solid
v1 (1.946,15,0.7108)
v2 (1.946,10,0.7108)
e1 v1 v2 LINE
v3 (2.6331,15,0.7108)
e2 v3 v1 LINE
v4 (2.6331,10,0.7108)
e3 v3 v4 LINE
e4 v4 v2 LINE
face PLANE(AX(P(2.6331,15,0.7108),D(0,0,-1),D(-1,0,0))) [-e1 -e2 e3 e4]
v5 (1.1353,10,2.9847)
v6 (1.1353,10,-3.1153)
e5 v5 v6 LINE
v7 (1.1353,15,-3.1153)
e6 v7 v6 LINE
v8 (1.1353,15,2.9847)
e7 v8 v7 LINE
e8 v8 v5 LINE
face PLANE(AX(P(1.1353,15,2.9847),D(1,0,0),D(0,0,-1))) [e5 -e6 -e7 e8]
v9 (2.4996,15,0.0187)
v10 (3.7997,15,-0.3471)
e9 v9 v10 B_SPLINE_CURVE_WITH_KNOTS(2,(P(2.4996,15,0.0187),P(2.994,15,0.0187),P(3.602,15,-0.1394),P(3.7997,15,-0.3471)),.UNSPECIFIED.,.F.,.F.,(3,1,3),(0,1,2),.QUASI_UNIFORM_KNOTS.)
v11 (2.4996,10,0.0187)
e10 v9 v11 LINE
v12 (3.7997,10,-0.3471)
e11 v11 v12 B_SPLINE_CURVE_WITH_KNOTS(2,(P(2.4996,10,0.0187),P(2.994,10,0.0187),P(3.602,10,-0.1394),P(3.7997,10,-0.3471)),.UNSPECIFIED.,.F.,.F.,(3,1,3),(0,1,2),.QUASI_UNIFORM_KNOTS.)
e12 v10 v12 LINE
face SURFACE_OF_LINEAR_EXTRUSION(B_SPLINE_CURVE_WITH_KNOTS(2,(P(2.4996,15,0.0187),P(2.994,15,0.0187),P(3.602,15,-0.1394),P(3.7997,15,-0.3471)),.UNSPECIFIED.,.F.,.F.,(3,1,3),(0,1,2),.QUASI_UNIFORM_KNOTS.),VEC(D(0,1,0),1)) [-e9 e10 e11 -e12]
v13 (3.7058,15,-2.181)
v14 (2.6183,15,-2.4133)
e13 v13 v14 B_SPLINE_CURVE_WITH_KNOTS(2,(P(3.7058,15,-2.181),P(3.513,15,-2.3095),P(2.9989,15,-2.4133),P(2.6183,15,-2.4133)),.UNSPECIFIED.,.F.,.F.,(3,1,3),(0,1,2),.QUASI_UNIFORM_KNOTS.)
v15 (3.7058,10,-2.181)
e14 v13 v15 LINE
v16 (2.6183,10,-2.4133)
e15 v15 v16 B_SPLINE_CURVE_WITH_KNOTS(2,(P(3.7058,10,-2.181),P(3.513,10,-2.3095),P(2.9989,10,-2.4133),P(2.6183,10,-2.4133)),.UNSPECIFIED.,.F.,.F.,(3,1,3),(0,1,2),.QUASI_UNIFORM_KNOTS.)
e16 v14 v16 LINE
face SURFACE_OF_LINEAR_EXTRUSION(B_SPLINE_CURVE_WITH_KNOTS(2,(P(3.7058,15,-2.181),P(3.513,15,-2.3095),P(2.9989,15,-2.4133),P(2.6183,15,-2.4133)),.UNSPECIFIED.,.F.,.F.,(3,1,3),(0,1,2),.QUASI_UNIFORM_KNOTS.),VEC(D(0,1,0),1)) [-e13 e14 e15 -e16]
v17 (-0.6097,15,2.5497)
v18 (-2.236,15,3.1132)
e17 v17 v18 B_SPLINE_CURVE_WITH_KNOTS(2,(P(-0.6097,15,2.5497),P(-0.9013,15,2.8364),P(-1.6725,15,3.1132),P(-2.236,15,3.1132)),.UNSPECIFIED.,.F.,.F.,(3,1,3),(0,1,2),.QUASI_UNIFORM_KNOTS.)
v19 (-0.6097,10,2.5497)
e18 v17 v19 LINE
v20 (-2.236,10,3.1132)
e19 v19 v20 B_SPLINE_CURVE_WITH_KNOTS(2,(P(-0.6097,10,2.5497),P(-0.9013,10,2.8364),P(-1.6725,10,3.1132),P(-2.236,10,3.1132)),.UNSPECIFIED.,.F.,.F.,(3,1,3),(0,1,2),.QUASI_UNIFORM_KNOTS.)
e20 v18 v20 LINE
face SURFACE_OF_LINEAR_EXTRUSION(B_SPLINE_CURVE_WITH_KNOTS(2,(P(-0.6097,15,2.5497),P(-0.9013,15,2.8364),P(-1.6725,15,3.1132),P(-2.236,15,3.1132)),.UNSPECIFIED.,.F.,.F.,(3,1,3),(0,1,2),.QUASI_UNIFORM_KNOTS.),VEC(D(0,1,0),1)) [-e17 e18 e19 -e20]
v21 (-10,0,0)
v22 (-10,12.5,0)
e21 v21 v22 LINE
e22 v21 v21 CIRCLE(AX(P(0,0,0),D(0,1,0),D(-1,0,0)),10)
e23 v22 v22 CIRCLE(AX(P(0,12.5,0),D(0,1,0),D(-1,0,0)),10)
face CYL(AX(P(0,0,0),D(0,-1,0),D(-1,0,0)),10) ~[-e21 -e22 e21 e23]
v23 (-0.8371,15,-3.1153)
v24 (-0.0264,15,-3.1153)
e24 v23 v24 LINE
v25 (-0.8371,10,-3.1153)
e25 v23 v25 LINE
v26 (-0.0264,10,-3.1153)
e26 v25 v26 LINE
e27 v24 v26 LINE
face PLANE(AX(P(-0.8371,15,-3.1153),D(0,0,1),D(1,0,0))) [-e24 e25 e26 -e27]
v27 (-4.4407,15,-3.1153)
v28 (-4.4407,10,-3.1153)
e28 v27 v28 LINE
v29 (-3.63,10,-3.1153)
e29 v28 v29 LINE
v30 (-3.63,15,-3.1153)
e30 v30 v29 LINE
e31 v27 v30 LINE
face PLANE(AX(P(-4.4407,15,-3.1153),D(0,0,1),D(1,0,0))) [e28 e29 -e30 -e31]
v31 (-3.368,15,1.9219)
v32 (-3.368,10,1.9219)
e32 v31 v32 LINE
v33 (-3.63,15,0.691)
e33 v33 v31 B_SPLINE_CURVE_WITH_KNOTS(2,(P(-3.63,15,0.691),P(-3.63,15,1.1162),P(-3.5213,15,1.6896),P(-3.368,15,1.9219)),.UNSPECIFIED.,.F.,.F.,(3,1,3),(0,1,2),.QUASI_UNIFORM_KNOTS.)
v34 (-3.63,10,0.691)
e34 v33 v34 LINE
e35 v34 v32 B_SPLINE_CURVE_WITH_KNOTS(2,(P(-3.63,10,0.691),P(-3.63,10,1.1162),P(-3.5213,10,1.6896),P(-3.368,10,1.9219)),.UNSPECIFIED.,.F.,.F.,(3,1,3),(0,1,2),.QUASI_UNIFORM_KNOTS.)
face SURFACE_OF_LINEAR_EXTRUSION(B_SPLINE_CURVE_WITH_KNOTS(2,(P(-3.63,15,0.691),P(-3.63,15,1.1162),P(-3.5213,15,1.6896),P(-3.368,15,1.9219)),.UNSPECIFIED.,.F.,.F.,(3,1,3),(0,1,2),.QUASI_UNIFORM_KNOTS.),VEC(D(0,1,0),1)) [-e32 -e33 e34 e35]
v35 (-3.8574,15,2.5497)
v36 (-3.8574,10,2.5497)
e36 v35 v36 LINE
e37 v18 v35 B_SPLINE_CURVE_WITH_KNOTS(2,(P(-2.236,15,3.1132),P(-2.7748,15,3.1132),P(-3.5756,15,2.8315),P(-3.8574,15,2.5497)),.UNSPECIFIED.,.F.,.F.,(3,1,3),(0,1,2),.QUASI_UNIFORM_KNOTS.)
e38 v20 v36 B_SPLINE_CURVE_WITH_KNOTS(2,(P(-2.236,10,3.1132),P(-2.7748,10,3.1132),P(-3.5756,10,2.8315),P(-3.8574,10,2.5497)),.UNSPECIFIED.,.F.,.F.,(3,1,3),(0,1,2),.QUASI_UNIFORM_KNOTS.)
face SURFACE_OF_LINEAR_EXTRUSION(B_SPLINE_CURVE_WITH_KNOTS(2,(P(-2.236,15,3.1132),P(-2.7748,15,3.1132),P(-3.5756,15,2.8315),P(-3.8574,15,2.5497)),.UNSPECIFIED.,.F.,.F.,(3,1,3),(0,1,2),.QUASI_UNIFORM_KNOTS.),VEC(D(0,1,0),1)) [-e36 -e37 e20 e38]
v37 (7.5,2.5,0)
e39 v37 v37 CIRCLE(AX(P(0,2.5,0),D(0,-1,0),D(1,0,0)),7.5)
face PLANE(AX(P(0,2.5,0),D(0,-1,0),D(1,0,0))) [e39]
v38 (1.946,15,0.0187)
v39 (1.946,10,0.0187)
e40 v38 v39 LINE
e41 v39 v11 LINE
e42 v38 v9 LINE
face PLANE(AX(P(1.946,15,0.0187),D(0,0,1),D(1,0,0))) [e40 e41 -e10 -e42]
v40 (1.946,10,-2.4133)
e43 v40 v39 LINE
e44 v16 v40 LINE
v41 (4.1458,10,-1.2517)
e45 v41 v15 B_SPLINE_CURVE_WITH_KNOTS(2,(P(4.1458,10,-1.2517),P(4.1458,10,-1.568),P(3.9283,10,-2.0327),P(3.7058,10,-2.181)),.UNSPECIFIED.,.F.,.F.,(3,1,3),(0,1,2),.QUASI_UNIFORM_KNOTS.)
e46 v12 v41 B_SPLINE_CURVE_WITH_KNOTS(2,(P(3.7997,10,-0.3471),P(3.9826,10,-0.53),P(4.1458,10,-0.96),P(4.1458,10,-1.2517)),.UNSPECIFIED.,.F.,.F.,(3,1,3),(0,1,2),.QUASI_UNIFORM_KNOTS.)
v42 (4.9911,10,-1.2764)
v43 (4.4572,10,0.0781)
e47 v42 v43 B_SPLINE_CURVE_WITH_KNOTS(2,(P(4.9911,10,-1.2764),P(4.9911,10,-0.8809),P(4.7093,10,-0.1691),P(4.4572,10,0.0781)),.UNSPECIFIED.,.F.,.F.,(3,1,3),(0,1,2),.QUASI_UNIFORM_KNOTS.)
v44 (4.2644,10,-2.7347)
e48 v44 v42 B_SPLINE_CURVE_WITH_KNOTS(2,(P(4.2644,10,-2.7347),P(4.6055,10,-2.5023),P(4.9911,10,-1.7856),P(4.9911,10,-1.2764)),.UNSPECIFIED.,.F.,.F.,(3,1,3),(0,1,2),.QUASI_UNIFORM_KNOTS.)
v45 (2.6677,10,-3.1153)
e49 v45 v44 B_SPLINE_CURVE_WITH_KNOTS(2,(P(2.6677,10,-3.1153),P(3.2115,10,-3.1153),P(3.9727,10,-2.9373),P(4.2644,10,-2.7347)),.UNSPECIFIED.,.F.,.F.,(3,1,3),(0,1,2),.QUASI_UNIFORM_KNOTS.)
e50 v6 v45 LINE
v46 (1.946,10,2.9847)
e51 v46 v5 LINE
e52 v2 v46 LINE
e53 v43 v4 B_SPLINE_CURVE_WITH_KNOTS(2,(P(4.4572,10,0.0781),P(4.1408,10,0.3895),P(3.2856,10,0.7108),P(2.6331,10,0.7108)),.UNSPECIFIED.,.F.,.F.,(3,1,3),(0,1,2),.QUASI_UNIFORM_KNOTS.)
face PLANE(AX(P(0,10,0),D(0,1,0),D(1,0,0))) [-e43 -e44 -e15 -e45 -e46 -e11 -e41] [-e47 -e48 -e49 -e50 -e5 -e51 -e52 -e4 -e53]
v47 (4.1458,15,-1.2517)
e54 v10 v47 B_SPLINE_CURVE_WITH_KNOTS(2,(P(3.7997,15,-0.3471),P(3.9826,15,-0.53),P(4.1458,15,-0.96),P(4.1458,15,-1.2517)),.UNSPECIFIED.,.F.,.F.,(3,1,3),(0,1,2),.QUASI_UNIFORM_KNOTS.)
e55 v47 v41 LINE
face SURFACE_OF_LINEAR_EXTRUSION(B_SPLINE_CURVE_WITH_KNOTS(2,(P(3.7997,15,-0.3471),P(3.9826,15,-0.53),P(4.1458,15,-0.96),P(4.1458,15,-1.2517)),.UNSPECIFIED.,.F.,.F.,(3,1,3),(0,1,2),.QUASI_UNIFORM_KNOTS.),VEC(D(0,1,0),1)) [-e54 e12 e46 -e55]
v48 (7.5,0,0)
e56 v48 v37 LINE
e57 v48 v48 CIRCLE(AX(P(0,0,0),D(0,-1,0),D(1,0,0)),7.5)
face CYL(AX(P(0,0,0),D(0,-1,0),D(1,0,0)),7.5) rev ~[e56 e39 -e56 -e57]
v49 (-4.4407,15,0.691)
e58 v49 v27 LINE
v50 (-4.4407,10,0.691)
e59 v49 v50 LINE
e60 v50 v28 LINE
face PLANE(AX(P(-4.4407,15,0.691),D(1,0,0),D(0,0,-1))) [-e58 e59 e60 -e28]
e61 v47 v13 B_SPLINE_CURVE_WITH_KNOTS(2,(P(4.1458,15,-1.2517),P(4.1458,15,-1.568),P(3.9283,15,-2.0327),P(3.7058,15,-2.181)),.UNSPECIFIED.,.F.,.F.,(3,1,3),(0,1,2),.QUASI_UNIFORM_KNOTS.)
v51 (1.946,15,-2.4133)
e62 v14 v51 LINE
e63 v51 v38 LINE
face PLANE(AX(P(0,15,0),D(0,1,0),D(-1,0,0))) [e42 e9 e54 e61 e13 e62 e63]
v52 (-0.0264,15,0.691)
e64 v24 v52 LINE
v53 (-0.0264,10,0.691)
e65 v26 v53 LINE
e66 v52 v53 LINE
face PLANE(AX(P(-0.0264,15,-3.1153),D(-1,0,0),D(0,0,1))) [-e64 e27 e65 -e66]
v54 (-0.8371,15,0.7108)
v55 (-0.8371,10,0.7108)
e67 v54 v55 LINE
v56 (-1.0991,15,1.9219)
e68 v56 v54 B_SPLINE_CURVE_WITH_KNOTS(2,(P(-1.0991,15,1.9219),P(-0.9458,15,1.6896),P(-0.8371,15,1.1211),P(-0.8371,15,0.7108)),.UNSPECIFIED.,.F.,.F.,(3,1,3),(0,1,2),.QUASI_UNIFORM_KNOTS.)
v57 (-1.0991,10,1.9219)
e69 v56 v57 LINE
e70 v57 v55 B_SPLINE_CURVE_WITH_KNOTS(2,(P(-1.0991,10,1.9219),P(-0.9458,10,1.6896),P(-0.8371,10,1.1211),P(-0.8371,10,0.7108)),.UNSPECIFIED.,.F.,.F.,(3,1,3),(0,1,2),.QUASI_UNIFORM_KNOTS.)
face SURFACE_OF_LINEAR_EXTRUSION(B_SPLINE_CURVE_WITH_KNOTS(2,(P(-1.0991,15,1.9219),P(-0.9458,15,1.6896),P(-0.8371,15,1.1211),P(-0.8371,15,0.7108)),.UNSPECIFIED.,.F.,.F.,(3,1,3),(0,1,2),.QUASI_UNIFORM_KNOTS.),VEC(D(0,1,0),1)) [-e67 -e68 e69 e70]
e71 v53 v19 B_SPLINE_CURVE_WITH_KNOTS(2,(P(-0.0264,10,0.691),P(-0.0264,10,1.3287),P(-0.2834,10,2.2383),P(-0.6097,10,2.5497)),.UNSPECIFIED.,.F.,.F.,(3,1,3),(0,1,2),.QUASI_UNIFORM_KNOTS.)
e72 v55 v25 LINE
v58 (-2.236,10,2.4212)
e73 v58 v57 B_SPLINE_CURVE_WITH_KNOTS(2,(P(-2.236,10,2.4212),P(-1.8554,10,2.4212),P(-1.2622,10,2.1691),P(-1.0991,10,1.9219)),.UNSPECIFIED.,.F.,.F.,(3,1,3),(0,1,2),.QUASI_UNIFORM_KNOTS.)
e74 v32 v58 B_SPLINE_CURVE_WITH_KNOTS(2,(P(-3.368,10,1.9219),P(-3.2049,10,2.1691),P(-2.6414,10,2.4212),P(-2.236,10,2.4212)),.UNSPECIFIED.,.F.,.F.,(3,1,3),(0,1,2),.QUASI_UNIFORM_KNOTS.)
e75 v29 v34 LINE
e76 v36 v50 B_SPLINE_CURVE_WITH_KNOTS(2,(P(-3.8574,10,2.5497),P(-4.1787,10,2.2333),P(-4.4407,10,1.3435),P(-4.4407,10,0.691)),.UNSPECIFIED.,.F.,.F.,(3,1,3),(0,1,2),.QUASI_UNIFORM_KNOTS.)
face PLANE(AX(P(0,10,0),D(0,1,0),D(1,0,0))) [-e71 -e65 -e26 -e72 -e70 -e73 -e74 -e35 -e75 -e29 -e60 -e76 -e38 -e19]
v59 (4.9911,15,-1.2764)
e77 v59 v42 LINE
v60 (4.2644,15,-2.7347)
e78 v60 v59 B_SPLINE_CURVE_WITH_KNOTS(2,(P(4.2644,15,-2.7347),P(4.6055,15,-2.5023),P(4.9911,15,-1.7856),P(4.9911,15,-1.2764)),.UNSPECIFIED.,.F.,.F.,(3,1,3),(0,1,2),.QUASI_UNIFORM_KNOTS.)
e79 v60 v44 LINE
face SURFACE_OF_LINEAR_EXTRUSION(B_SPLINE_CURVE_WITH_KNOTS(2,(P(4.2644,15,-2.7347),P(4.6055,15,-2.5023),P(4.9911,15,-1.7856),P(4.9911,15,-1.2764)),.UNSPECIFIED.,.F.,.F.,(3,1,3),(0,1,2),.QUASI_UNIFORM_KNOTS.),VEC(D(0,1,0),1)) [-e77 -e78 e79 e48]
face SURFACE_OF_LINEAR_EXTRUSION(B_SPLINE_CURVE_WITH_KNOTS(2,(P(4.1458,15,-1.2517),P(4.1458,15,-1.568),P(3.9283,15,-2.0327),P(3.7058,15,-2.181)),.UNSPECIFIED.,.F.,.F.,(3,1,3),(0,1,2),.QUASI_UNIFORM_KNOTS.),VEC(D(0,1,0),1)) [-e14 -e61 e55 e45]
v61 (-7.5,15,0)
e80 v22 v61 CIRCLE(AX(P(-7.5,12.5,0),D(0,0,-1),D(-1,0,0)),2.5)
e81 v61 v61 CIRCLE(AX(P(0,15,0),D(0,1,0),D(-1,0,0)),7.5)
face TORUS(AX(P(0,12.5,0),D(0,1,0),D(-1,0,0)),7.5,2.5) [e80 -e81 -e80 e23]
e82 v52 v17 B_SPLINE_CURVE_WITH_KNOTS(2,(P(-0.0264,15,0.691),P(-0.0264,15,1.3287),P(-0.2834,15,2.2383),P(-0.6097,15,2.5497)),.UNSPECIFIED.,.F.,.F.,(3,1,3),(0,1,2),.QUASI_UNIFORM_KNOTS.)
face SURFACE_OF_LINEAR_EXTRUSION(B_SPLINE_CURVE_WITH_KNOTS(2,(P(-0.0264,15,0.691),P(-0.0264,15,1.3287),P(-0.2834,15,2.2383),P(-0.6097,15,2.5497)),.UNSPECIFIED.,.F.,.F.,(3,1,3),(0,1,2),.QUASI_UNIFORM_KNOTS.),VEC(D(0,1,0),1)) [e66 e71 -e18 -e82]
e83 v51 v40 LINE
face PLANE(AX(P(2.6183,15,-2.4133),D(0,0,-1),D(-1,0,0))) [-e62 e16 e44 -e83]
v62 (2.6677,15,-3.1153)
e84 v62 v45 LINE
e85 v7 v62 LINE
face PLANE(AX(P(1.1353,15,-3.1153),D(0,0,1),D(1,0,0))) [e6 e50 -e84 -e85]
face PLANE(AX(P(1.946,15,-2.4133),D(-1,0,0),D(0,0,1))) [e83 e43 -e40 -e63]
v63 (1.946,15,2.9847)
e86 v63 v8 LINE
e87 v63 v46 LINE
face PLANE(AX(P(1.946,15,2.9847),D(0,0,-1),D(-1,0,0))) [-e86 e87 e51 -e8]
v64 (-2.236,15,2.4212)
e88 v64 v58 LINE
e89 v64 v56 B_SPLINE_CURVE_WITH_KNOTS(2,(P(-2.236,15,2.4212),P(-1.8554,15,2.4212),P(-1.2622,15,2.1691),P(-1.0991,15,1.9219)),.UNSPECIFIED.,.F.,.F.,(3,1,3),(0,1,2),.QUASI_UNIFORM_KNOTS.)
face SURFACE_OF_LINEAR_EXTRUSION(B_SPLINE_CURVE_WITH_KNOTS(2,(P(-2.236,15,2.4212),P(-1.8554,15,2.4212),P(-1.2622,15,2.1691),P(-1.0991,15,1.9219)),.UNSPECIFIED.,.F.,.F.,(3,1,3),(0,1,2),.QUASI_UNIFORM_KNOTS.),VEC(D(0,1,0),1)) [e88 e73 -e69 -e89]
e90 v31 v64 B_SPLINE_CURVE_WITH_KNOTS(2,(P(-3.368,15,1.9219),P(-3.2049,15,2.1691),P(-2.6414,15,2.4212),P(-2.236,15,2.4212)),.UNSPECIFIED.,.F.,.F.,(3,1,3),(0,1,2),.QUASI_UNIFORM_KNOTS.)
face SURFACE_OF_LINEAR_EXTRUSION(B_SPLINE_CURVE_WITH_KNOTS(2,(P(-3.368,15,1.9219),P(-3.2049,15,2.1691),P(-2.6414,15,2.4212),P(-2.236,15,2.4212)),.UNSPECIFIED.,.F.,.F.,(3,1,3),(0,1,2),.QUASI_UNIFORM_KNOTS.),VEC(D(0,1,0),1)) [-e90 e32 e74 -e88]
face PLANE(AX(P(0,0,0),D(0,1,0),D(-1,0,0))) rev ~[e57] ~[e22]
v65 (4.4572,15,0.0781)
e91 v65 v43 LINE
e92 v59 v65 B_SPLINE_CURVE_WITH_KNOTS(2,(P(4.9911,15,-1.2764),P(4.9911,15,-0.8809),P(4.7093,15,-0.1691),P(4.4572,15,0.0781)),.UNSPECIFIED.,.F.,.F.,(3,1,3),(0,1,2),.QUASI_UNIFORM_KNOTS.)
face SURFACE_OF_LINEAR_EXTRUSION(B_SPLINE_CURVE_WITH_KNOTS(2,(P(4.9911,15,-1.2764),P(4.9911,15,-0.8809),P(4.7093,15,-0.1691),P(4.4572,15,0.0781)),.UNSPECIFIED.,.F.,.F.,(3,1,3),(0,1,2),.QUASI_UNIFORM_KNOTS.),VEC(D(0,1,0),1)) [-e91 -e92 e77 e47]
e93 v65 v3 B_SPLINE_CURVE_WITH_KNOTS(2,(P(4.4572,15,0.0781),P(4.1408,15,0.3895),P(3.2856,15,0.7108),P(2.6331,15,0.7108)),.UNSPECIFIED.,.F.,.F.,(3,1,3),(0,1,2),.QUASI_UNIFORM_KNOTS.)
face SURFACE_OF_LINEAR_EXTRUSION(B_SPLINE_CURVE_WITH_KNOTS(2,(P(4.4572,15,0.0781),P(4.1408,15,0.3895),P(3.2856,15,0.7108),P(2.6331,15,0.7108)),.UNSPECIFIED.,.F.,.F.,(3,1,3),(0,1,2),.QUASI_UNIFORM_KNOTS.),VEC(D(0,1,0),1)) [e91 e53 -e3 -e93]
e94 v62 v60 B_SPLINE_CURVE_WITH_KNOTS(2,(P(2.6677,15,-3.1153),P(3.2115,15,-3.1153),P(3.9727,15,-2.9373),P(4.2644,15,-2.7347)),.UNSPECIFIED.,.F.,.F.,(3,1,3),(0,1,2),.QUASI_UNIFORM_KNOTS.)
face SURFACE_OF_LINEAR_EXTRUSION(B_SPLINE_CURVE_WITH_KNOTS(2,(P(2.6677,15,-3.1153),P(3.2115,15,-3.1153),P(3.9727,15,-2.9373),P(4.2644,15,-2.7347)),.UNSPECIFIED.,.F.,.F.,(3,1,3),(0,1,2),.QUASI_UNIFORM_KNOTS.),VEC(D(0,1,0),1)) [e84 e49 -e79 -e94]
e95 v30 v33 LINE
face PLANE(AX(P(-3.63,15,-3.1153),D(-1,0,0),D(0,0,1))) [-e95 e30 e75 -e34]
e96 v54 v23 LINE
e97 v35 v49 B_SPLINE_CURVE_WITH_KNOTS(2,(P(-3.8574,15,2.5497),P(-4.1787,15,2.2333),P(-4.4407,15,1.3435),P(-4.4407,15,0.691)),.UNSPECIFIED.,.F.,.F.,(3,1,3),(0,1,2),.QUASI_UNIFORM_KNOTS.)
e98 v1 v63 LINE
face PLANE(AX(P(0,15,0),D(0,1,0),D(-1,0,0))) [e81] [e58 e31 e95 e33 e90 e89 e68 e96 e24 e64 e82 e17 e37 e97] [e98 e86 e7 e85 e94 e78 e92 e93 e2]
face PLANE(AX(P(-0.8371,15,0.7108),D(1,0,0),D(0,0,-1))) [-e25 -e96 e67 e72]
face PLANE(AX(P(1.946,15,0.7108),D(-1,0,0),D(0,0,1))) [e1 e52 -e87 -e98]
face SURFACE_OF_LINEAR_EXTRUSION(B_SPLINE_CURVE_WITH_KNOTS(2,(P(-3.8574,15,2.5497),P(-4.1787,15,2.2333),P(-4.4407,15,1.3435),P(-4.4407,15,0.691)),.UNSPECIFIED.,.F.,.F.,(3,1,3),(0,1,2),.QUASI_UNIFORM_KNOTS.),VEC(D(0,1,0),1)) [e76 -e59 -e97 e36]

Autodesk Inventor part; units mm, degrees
ref_plane "YZ Plane" through (0, 0, 0) normal (1, 0, 0) x (0, 1, 0)
ref_plane "XZ Plane" through (0, 0, 0) normal (0, 1, 0) x (-1, 0, 0)
ref_plane "XY Plane" through (0, 0, 0) normal (0, 0, 1) x (1, 0, 0)
sketch "Sketch1" plane through (0, 0, 0) normal (0, 1, 0) x (-1, 0, 0)
  circle A0 centre (0, 0) radius 10
  dimension "d0" = 20
extrude "Extrusion1" add sketch "Sketch1" along normal blind 15
fillet "Fillet1" radius 2.5 1 edges at (10, 15, 0)
sketch "Sketch2" plane through (0, 15, 0) normal (0, 1, 0) x (1, 0, 0)
  line L0 (-4.9845, 3.1153) -> (3.7384, 3.1153) construction
  line L1 (3.7384, 3.1153) -> (3.7384, -3.4029) construction
  line L2 (3.7384, -3.4029) -> (-4.9845, -3.4029) construction
  line L3 (-4.9845, -3.4029) -> (-4.9845, 3.1153) construction
  spline S0 degree 2 poles (-2.236, -3.1132) (-2.7748, -3.1132) (-3.5756, -2.8315) (-3.8574, -2.5497) knots 0 0 0 1 2 2 2
  spline S1 degree 2 poles (-3.8574, -2.5497) (-4.1787, -2.2333) (-4.4407, -1.3435) (-4.4407, -0.691) knots 0 0 0 1 2 2 2
  line L4 (-4.4407, -0.691) -> (-4.4407, 3.1153)
  line L5 (-4.4407, 3.1153) -> (-3.63, 3.1153)
  line L6 (-3.63, 3.1153) -> (-3.63, -0.691)
  spline S2 degree 2 poles (-3.63, -0.691) (-3.63, -1.1162) (-3.5213, -1.6896) (-3.368, -1.9219) knots 0 0 0 1 2 2 2
  spline S3 degree 2 poles (-3.368, -1.9219) (-3.2049, -2.1691) (-2.6414, -2.4212) (-2.236, -2.4212) knots 0 0 0 1 2 2 2
  spline S4 degree 2 poles (-2.236, -2.4212) (-1.8554, -2.4212) (-1.2622, -2.1691) (-1.0991, -1.9219) knots 0 0 0 1 2 2 2
  spline S5 degree 2 poles (-1.0991, -1.9219) (-0.9458, -1.6896) (-0.8371, -1.1211) (-0.8371, -0.7108) knots 0 0 0 1 2 2 2
  line L7 (-0.8371, -0.7108) -> (-0.8371, 3.1153)
  line L8 (-0.8371, 3.1153) -> (-0.0264, 3.1153)
  line L9 (-0.0264, 3.1153) -> (-0.0264, -0.691)
  spline S6 degree 2 poles (-0.0264, -0.691) (-0.0264, -1.3287) (-0.2834, -2.2383) (-0.6097, -2.5497) knots 0 0 0 1 2 2 2
  spline S7 degree 2 poles (-0.6097, -2.5497) (-0.9013, -2.8364) (-1.6725, -3.1132) (-2.236, -3.1132) knots 0 0 0 1 2 2 2
  spline S8 degree 2 poles (4.9911, 1.2764) (4.9911, 0.8809) (4.7093, 0.1691) (4.4572, -0.0781) knots 0 0 0 1 2 2 2
  spline S9 degree 2 poles (4.4572, -0.0781) (4.1408, -0.3895) (3.2856, -0.7108) (2.6331, -0.7108) knots 0 0 0 1 2 2 2
  line L10 (2.6331, -0.7108) -> (1.946, -0.7108)
  line L11 (1.946, -0.7108) -> (1.946, -2.9847)
  line L12 (1.946, -2.9847) -> (1.1353, -2.9847)
  line L13 (1.1353, -2.9847) -> (1.1353, 3.1153)
  line L14 (1.1353, 3.1153) -> (2.6677, 3.1153)
  spline S10 degree 2 poles (2.6677, 3.1153) (3.2115, 3.1153) (3.9727, 2.9373) (4.2644, 2.7347) knots 0 0 0 1 2 2 2
  spline S11 degree 2 poles (4.2644, 2.7347) (4.6055, 2.5023) (4.9911, 1.7856) (4.9911, 1.2764) knots 0 0 0 1 2 2 2
  spline S12 degree 2 poles (4.1458, 1.2517) (4.1458, 1.568) (3.9283, 2.0327) (3.7058, 2.181) knots 0 0 0 1 2 2 2
  spline S13 degree 2 poles (3.7058, 2.181) (3.513, 2.3095) (2.9989, 2.4133) (2.6183, 2.4133) knots 0 0 0 1 2 2 2
  line L15 (2.6183, 2.4133) -> (1.946, 2.4133)
  line L16 (1.946, 2.4133) -> (1.946, -0.0187)
  line L17 (1.946, -0.0187) -> (2.4996, -0.0187)
  spline S14 degree 2 poles (2.4996, -0.0187) (2.994, -0.0187) (3.602, 0.1394) (3.7997, 0.3471) knots 0 0 0 1 2 2 2
  spline S15 degree 2 poles (3.7997, 0.3471) (3.9826, 0.53) (4.1458, 0.96) (4.1458, 1.2517) knots 0 0 0 1 2 2 2
  point P0 (0, 0)
extrude "Extrusion2" cut sketch "Sketch2" against normal blind 5
sketch "Sketch3" plane through (0, 0, 0) normal (0, -1, 0) x (1, 0, 0)
  circle A0 centre (0, 0) radius 7.5
extrude "Extrusion3" cut sketch "Sketch3" against normal blind 2.5
properties part number "UP Button"
